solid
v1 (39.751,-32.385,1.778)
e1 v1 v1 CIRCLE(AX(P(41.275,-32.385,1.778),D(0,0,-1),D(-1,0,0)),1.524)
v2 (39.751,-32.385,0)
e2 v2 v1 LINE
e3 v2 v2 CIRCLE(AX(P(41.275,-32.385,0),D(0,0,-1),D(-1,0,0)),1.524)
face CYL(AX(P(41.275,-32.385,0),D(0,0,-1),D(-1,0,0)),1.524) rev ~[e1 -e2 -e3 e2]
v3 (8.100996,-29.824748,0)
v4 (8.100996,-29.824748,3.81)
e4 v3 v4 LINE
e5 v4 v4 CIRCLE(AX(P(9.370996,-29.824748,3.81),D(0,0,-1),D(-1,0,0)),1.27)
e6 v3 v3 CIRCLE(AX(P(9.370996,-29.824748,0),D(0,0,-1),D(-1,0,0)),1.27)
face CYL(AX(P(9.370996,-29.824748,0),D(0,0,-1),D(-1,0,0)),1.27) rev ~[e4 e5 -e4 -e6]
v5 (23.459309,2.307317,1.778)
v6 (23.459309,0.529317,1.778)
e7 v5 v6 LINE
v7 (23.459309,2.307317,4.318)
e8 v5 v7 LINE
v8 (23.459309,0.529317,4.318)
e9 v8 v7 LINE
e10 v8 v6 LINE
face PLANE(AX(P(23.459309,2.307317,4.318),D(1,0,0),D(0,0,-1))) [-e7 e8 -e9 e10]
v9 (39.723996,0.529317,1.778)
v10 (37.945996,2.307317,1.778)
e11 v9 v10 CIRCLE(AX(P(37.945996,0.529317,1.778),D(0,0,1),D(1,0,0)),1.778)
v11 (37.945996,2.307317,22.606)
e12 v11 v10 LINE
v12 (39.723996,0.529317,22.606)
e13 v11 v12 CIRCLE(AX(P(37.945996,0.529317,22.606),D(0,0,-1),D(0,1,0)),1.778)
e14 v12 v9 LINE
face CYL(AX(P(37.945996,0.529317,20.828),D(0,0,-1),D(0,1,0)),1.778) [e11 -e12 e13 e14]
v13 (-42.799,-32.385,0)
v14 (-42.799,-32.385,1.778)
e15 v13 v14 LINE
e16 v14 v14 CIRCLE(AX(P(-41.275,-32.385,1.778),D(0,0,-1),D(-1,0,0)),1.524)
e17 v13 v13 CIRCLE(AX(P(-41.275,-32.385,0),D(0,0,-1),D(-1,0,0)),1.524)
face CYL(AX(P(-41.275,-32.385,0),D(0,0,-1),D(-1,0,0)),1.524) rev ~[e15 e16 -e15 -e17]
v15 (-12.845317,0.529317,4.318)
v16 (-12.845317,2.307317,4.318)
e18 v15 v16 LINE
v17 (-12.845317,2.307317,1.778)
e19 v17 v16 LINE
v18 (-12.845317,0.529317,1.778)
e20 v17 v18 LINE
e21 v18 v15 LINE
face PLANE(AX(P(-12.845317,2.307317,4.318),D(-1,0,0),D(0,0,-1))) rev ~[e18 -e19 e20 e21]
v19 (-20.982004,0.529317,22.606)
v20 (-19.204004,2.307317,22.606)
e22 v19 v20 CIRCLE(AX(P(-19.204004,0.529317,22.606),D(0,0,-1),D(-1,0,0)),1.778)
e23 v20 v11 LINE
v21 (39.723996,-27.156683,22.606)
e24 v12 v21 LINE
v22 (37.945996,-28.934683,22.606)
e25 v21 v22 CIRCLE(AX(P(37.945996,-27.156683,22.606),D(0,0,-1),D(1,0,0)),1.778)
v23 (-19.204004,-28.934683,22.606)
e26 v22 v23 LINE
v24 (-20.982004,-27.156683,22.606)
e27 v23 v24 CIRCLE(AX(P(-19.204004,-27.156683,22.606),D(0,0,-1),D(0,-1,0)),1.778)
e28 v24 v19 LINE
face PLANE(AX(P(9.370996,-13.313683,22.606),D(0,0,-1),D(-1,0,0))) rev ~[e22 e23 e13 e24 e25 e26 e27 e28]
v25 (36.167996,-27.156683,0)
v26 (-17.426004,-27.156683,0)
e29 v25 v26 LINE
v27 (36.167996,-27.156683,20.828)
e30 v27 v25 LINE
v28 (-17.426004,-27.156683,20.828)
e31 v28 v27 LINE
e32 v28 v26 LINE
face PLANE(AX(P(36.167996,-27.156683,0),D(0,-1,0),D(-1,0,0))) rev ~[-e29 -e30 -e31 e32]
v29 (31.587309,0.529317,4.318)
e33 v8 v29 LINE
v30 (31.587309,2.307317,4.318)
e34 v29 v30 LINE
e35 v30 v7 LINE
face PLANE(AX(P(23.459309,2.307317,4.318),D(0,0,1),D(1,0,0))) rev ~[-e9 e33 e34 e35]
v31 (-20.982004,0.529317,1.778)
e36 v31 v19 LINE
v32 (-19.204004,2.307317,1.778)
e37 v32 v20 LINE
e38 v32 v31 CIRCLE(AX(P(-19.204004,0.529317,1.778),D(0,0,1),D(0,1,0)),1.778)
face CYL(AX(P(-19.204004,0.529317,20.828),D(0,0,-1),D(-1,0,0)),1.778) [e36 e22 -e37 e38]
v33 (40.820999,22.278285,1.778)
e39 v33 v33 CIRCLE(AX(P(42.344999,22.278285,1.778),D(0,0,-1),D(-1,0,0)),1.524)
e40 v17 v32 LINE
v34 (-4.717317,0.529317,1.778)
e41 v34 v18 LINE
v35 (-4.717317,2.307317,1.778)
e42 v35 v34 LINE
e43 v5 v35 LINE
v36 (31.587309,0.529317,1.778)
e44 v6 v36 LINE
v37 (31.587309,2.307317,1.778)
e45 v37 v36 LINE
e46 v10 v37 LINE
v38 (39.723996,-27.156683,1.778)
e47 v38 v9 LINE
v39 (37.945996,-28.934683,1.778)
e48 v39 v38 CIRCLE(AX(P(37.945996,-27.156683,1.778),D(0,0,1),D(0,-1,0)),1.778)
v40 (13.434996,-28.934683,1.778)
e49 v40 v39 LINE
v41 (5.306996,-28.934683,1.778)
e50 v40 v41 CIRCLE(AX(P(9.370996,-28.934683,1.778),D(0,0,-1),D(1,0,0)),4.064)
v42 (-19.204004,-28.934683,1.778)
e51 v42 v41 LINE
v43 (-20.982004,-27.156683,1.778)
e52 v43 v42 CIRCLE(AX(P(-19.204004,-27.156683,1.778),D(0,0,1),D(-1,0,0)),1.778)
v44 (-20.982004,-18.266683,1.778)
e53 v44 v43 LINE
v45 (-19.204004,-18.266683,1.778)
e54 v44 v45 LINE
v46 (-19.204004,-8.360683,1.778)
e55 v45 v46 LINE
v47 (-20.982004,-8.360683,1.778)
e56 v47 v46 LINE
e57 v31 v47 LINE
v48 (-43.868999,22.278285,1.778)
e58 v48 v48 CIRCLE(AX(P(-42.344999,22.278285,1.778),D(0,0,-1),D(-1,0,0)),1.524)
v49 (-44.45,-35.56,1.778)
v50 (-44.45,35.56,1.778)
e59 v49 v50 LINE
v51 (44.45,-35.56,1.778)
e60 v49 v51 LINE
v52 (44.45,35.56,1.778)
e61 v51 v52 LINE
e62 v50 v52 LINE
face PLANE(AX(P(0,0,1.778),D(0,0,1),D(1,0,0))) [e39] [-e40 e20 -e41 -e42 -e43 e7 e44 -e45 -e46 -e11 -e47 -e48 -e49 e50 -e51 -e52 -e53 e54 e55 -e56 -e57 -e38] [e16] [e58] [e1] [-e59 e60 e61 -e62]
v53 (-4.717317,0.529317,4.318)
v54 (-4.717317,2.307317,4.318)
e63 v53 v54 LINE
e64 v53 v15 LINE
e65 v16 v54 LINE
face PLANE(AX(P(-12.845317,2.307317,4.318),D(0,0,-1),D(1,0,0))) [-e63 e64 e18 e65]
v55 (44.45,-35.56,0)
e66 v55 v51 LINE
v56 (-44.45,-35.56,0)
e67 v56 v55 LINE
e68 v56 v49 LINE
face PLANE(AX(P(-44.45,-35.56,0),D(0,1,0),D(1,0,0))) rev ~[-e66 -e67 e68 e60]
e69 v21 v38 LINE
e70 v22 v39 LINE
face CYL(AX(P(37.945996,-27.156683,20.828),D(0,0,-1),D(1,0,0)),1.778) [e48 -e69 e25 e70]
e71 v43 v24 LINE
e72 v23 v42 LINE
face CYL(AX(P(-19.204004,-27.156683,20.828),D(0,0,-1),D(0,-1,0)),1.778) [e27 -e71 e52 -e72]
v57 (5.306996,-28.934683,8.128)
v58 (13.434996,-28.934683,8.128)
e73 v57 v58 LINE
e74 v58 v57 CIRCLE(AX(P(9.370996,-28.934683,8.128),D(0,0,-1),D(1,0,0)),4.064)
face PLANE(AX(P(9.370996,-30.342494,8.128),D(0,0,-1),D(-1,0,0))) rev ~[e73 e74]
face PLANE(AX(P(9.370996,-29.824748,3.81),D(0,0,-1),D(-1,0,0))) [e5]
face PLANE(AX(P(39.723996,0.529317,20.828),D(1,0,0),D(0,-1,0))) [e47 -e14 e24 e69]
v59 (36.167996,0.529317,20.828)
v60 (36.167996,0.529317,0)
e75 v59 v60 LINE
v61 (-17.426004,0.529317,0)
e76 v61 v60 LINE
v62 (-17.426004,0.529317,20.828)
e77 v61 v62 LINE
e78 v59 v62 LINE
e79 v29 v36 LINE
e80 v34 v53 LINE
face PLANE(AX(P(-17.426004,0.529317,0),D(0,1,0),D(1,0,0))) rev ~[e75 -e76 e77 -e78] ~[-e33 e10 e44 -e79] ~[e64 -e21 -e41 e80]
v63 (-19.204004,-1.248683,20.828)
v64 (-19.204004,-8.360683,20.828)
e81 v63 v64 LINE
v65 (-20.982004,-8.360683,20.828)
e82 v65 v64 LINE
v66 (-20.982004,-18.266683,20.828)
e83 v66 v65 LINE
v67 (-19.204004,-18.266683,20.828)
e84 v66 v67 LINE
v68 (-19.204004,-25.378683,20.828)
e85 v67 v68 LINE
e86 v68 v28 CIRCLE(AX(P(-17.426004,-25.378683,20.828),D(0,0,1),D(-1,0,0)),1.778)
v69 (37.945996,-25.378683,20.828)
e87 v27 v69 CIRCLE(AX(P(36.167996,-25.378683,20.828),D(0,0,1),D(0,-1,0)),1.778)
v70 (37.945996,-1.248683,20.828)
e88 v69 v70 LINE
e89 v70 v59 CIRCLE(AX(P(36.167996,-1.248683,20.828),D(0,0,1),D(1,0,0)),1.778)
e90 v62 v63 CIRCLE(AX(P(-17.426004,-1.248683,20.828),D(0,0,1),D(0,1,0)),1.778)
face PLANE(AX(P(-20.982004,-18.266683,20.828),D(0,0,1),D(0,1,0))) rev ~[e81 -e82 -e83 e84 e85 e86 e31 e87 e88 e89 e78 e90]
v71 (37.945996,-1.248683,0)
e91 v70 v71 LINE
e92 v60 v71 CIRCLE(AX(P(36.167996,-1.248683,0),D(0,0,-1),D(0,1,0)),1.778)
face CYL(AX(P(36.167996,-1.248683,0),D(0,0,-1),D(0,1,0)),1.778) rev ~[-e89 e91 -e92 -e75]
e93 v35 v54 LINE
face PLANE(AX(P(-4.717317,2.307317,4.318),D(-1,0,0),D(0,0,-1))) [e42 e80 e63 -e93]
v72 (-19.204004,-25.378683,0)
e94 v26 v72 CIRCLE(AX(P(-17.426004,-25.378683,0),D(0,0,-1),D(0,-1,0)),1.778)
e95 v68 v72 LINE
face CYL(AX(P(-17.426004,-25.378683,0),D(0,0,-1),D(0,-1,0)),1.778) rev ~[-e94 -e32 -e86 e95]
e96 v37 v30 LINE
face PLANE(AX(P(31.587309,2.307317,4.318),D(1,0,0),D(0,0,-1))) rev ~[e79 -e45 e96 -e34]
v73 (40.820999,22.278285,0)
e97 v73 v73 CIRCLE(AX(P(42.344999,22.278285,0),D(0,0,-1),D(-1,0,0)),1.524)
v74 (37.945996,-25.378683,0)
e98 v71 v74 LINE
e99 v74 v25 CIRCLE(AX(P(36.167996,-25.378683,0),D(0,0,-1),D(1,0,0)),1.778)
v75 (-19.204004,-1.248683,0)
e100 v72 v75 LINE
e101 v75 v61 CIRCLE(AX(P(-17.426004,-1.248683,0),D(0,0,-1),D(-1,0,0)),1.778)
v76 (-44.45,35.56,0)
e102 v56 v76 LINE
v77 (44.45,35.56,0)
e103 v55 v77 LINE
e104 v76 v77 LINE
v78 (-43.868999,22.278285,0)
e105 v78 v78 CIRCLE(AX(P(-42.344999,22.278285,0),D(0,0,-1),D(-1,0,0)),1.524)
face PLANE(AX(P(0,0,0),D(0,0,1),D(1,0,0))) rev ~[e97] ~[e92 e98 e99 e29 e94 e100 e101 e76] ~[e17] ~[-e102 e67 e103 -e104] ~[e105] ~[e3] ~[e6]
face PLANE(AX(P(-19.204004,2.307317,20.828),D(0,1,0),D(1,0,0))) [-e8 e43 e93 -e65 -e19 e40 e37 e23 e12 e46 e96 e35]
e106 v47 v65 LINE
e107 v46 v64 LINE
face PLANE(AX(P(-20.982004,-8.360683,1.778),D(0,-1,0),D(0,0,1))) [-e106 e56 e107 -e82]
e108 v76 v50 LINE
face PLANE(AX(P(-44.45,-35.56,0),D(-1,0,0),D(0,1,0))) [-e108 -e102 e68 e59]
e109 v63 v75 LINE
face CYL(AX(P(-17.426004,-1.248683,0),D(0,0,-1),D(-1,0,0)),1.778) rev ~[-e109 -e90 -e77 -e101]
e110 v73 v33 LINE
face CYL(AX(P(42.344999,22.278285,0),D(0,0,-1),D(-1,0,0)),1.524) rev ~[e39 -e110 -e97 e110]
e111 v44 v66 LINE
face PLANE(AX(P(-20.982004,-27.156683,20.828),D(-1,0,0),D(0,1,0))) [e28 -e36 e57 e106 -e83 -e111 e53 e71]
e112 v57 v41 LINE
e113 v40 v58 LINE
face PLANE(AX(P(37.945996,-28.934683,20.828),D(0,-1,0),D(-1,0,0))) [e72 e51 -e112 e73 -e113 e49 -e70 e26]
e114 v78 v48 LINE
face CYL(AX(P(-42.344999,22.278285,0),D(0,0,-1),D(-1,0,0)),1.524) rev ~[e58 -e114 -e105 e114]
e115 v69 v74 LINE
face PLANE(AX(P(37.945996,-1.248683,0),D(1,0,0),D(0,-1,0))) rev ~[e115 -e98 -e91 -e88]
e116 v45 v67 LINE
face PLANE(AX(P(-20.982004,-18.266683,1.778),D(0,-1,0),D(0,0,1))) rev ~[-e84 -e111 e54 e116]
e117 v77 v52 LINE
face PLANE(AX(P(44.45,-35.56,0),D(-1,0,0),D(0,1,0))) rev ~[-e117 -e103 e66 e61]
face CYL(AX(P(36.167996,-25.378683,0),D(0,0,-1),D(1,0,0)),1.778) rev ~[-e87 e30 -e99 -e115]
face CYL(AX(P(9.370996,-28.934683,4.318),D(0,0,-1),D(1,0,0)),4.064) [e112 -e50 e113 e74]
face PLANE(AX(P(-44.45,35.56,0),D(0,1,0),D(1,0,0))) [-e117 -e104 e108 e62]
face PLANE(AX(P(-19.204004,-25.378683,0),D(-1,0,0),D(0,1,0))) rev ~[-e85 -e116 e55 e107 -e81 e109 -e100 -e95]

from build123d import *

# Parameters (mm, degrees)
SKETCH1_W           = 88.9
SKETCH1_H           = 71.12
BOSS_EXTRUDE1_DEPTH = 1.778
SKETCH2_R           = 1.524
CUT_EXTRUDE1_DEPTH  = 2.54
BOSS_EXTRUDE2_DEPTH = 19.05
CUT_EXTRUDE2_START  = -1.778
CUT_EXTRUDE2_DEPTH  = 1.778
BOSS_EXTRUDE3_DEPTH = 2.54
BOSS_EXTRUDE4_DEPTH = 3.81
BOSS_EXTRUDE5_DEPTH = 1.778
SKETCH10_W          = 19.05
SKETCH10_H          = 9.906
CUT_EXTRUDE5_DEPTH  = 1.778
SKETCH12_W          = 8.128
SKETCH12_H          = 2.54
CUT_EXTRUDE6_DEPTH  = 8.509
SKETCH14_R          = 1.27
CUT_EXTRUDE7_DEPTH  = 3.81


with BuildPart() as part:
    # Sketch1 → Boss-Extrude1 (new body)
    with BuildSketch(Plane.XY):
        Rectangle(SKETCH1_W, SKETCH1_H)
    extrude(amount=BOSS_EXTRUDE1_DEPTH)

    # Sketch2 → Cut-Extrude1 (cut)
    with BuildSketch(Plane(origin=(0, 0, 0), x_dir=(-1, 0, 0), z_dir=(0, 0, -1))):
        with Locations((-42.344998858, 22.278284854)):
            Circle(SKETCH2_R)
        with Locations((42.344998858, 22.278284854)):
            Circle(SKETCH2_R)
        with Locations((41.275, -32.385)):
            Circle(SKETCH2_R)
        with Locations((-41.275, -32.385)):
            Circle(SKETCH2_R)
    extrude(amount=-CUT_EXTRUDE1_DEPTH, mode=Mode.SUBTRACT)

    # Sketch3 → Boss-Extrude2 (add)
    with BuildSketch(Plane.XY.offset(1.778)):
        with BuildLine():
            Line((-20.982004201, 0.529316706), (-20.982004201, -27.156683294))
            ThreePointArc((-20.982004201, -27.156683294), (-20.461240058, -28.413919151), (-19.204004201, -28.934683294))
            Line((-19.204004201, -28.934683294), (37.945995799, -28.934683294))
            ThreePointArc((37.945995799, -28.934683294), (39.203231656, -28.413919151), (39.723995799, -27.156683294))
            Line((39.723995799, -27.156683294), (39.723995799, 0.529316706))
            ThreePointArc((39.723995799, 0.529316706), (39.203231656, 1.786552563), (37.945995799, 2.307316706))
            Line((37.945995799, 2.307316706), (-19.204004201, 2.307316706))
            ThreePointArc((-19.204004201, 2.307316706), (-20.461240058, 1.786552563), (-20.982004201, 0.529316706))
        make_face()
        with BuildLine():
            Line((-19.204004201, -1.248683294), (-19.204004201, -25.378683294))
            ThreePointArc((-19.204004201, -25.378683294), (-18.683240058, -26.635919151), (-17.426004201, -27.156683294))
            Line((-17.426004201, -27.156683294), (36.167995799, -27.156683294))
            ThreePointArc((36.167995799, -27.156683294), (37.425231656, -26.635919151), (37.945995799, -25.378683294))
            Line((37.945995799, -25.378683294), (37.945995799, -1.248683294))
            ThreePointArc((37.945995799, -1.248683294), (37.425231656, 0.008552563), (36.167995799, 0.529316706))
            Line((36.167995799, 0.529316706), (-17.426004201, 0.529316706))
            ThreePointArc((-17.426004201, 0.529316706), (-18.683240058, 0.008552563), (-19.204004201, -1.248683294))
        make_face(mode=Mode.SUBTRACT)
    extrude(amount=BOSS_EXTRUDE2_DEPTH)

    # Sketch4 → Cut-Extrude2 (cut)
    with BuildSketch(Plane.XY.offset(1.778).offset(CUT_EXTRUDE2_START)):
        with BuildLine():
            Line((-17.426004201, 0.529316706), (36.167995799, 0.529316706))
            ThreePointArc((36.167995799, 0.529316706), (37.425231656, 0.008552563), (37.945995799, -1.248683294))
            Line((37.945995799, -1.248683294), (37.945995799, -25.378683294))
            ThreePointArc((37.945995799, -25.378683294), (37.425231656, -26.635919151), (36.167995799, -27.156683294))
            Line((36.167995799, -27.156683294), (-17.426004201, -27.156683294))
            ThreePointArc((-17.426004201, -27.156683294), (-18.683240058, -26.635919151), (-19.204004201, -25.378683294))
            Line((-19.204004201, -25.378683294), (-19.204004201, -1.248683294))
            ThreePointArc((-19.204004201, -1.248683294), (-18.683240058, 0.008552563), (-17.426004201, 0.529316706))
        make_face()
    extrude(amount=CUT_EXTRUDE2_DEPTH, mode=Mode.SUBTRACT)

    # Sketch5 → Boss-Extrude3 (add)
    with BuildSketch(Plane.XY.offset(1.778)):
        with BuildLine():
            Line((-12.845316988, 2.307316706), (-4.717316988, 2.307316706))
            ThreePointArc((-4.717316988, 2.307316706), (-8.781316988, 6.371316706), (-12.845316988, 2.307316706))
        make_face()
        with BuildLine():
            Line((31.587308585, 2.307316706), (23.459308585, 2.307316706))
            ThreePointArc((23.459308585, 2.307316706), (27.523308585, 6.371316706), (31.587308585, 2.307316706))
        make_face()
        with BuildLine():
            Line((5.306995799, -28.934683294), (13.434995799, -28.934683294))
            ThreePointArc((13.434995799, -28.934683294), (9.370995799, -32.998683294), (5.306995799, -28.934683294))
        make_face()
    extrude(amount=BOSS_EXTRUDE3_DEPTH)

    # Sketch6 → Boss-Extrude4 (add)
    with BuildSketch(Plane.XY.offset(4.318)):
        with BuildLine():
            Line((5.306995799, -28.934683294), (13.434995799, -28.934683294))
            ThreePointArc((13.434995799, -28.934683294), (9.370995799, -32.998683294), (5.306995799, -28.934683294))
        make_face()
    extrude(amount=BOSS_EXTRUDE4_DEPTH)

    # Sketch7 → Boss-Extrude5 (add)
    with BuildSketch(Plane.XY.offset(20.828)):
        with BuildLine():
            Line((-19.204004201, 2.307316706), (37.945995799, 2.307316706))
            ThreePointArc((37.945995799, 2.307316706), (39.203231656, 1.786552563), (39.723995799, 0.529316706))
            Line((39.723995799, 0.529316706), (39.723995799, -27.156683294))
            ThreePointArc((39.723995799, -27.156683294), (39.203231656, -28.413919151), (37.945995799, -28.934683294))
            Line((37.945995799, -28.934683294), (-19.204004201, -28.934683294))
            ThreePointArc((-19.204004201, -28.934683294), (-20.461240058, -28.413919151), (-20.982004201, -27.156683294))
            Line((-20.982004201, -27.156683294), (-20.982004201, 0.529316706))
            ThreePointArc((-20.982004201, 0.529316706), (-20.461240058, 1.786552563), (-19.204004201, 2.307316706))
        make_face()
    extrude(amount=BOSS_EXTRUDE5_DEPTH)

    # Sketch10 → Cut-Extrude5 (cut)
    with BuildSketch(Plane.ZY.offset(20.982004201)):
        with Locations((11.303, -13.313683294)):
            Rectangle(SKETCH10_W, SKETCH10_H)
    extrude(amount=-CUT_EXTRUDE5_DEPTH, mode=Mode.SUBTRACT)

    # Sketch12 → Cut-Extrude6 (cut, symmetric)
    with BuildSketch(Plane(origin=(0, 2.307316706, 0), x_dir=(1, 0, 0), z_dir=(0, 1, 0))):
        with Locations((-8.781316988, -3.048)):
            Rectangle(SKETCH12_W, SKETCH12_H)
        with Locations((27.523308585, -3.048)):
            Rectangle(SKETCH12_W, SKETCH12_H)
    extrude(amount=CUT_EXTRUDE6_DEPTH, both=True, mode=Mode.SUBTRACT)

    # Sketch14 → Cut-Extrude7 (cut)
    with BuildSketch(Plane(origin=(0, 0, 0), x_dir=(-1, 0, 0), z_dir=(0, 0, -1))):
        with Locations((-9.370995799, -29.824748275)):
            Circle(SKETCH14_R)
    extrude(amount=-CUT_EXTRUDE7_DEPTH, mode=Mode.SUBTRACT)


solid = part.part
